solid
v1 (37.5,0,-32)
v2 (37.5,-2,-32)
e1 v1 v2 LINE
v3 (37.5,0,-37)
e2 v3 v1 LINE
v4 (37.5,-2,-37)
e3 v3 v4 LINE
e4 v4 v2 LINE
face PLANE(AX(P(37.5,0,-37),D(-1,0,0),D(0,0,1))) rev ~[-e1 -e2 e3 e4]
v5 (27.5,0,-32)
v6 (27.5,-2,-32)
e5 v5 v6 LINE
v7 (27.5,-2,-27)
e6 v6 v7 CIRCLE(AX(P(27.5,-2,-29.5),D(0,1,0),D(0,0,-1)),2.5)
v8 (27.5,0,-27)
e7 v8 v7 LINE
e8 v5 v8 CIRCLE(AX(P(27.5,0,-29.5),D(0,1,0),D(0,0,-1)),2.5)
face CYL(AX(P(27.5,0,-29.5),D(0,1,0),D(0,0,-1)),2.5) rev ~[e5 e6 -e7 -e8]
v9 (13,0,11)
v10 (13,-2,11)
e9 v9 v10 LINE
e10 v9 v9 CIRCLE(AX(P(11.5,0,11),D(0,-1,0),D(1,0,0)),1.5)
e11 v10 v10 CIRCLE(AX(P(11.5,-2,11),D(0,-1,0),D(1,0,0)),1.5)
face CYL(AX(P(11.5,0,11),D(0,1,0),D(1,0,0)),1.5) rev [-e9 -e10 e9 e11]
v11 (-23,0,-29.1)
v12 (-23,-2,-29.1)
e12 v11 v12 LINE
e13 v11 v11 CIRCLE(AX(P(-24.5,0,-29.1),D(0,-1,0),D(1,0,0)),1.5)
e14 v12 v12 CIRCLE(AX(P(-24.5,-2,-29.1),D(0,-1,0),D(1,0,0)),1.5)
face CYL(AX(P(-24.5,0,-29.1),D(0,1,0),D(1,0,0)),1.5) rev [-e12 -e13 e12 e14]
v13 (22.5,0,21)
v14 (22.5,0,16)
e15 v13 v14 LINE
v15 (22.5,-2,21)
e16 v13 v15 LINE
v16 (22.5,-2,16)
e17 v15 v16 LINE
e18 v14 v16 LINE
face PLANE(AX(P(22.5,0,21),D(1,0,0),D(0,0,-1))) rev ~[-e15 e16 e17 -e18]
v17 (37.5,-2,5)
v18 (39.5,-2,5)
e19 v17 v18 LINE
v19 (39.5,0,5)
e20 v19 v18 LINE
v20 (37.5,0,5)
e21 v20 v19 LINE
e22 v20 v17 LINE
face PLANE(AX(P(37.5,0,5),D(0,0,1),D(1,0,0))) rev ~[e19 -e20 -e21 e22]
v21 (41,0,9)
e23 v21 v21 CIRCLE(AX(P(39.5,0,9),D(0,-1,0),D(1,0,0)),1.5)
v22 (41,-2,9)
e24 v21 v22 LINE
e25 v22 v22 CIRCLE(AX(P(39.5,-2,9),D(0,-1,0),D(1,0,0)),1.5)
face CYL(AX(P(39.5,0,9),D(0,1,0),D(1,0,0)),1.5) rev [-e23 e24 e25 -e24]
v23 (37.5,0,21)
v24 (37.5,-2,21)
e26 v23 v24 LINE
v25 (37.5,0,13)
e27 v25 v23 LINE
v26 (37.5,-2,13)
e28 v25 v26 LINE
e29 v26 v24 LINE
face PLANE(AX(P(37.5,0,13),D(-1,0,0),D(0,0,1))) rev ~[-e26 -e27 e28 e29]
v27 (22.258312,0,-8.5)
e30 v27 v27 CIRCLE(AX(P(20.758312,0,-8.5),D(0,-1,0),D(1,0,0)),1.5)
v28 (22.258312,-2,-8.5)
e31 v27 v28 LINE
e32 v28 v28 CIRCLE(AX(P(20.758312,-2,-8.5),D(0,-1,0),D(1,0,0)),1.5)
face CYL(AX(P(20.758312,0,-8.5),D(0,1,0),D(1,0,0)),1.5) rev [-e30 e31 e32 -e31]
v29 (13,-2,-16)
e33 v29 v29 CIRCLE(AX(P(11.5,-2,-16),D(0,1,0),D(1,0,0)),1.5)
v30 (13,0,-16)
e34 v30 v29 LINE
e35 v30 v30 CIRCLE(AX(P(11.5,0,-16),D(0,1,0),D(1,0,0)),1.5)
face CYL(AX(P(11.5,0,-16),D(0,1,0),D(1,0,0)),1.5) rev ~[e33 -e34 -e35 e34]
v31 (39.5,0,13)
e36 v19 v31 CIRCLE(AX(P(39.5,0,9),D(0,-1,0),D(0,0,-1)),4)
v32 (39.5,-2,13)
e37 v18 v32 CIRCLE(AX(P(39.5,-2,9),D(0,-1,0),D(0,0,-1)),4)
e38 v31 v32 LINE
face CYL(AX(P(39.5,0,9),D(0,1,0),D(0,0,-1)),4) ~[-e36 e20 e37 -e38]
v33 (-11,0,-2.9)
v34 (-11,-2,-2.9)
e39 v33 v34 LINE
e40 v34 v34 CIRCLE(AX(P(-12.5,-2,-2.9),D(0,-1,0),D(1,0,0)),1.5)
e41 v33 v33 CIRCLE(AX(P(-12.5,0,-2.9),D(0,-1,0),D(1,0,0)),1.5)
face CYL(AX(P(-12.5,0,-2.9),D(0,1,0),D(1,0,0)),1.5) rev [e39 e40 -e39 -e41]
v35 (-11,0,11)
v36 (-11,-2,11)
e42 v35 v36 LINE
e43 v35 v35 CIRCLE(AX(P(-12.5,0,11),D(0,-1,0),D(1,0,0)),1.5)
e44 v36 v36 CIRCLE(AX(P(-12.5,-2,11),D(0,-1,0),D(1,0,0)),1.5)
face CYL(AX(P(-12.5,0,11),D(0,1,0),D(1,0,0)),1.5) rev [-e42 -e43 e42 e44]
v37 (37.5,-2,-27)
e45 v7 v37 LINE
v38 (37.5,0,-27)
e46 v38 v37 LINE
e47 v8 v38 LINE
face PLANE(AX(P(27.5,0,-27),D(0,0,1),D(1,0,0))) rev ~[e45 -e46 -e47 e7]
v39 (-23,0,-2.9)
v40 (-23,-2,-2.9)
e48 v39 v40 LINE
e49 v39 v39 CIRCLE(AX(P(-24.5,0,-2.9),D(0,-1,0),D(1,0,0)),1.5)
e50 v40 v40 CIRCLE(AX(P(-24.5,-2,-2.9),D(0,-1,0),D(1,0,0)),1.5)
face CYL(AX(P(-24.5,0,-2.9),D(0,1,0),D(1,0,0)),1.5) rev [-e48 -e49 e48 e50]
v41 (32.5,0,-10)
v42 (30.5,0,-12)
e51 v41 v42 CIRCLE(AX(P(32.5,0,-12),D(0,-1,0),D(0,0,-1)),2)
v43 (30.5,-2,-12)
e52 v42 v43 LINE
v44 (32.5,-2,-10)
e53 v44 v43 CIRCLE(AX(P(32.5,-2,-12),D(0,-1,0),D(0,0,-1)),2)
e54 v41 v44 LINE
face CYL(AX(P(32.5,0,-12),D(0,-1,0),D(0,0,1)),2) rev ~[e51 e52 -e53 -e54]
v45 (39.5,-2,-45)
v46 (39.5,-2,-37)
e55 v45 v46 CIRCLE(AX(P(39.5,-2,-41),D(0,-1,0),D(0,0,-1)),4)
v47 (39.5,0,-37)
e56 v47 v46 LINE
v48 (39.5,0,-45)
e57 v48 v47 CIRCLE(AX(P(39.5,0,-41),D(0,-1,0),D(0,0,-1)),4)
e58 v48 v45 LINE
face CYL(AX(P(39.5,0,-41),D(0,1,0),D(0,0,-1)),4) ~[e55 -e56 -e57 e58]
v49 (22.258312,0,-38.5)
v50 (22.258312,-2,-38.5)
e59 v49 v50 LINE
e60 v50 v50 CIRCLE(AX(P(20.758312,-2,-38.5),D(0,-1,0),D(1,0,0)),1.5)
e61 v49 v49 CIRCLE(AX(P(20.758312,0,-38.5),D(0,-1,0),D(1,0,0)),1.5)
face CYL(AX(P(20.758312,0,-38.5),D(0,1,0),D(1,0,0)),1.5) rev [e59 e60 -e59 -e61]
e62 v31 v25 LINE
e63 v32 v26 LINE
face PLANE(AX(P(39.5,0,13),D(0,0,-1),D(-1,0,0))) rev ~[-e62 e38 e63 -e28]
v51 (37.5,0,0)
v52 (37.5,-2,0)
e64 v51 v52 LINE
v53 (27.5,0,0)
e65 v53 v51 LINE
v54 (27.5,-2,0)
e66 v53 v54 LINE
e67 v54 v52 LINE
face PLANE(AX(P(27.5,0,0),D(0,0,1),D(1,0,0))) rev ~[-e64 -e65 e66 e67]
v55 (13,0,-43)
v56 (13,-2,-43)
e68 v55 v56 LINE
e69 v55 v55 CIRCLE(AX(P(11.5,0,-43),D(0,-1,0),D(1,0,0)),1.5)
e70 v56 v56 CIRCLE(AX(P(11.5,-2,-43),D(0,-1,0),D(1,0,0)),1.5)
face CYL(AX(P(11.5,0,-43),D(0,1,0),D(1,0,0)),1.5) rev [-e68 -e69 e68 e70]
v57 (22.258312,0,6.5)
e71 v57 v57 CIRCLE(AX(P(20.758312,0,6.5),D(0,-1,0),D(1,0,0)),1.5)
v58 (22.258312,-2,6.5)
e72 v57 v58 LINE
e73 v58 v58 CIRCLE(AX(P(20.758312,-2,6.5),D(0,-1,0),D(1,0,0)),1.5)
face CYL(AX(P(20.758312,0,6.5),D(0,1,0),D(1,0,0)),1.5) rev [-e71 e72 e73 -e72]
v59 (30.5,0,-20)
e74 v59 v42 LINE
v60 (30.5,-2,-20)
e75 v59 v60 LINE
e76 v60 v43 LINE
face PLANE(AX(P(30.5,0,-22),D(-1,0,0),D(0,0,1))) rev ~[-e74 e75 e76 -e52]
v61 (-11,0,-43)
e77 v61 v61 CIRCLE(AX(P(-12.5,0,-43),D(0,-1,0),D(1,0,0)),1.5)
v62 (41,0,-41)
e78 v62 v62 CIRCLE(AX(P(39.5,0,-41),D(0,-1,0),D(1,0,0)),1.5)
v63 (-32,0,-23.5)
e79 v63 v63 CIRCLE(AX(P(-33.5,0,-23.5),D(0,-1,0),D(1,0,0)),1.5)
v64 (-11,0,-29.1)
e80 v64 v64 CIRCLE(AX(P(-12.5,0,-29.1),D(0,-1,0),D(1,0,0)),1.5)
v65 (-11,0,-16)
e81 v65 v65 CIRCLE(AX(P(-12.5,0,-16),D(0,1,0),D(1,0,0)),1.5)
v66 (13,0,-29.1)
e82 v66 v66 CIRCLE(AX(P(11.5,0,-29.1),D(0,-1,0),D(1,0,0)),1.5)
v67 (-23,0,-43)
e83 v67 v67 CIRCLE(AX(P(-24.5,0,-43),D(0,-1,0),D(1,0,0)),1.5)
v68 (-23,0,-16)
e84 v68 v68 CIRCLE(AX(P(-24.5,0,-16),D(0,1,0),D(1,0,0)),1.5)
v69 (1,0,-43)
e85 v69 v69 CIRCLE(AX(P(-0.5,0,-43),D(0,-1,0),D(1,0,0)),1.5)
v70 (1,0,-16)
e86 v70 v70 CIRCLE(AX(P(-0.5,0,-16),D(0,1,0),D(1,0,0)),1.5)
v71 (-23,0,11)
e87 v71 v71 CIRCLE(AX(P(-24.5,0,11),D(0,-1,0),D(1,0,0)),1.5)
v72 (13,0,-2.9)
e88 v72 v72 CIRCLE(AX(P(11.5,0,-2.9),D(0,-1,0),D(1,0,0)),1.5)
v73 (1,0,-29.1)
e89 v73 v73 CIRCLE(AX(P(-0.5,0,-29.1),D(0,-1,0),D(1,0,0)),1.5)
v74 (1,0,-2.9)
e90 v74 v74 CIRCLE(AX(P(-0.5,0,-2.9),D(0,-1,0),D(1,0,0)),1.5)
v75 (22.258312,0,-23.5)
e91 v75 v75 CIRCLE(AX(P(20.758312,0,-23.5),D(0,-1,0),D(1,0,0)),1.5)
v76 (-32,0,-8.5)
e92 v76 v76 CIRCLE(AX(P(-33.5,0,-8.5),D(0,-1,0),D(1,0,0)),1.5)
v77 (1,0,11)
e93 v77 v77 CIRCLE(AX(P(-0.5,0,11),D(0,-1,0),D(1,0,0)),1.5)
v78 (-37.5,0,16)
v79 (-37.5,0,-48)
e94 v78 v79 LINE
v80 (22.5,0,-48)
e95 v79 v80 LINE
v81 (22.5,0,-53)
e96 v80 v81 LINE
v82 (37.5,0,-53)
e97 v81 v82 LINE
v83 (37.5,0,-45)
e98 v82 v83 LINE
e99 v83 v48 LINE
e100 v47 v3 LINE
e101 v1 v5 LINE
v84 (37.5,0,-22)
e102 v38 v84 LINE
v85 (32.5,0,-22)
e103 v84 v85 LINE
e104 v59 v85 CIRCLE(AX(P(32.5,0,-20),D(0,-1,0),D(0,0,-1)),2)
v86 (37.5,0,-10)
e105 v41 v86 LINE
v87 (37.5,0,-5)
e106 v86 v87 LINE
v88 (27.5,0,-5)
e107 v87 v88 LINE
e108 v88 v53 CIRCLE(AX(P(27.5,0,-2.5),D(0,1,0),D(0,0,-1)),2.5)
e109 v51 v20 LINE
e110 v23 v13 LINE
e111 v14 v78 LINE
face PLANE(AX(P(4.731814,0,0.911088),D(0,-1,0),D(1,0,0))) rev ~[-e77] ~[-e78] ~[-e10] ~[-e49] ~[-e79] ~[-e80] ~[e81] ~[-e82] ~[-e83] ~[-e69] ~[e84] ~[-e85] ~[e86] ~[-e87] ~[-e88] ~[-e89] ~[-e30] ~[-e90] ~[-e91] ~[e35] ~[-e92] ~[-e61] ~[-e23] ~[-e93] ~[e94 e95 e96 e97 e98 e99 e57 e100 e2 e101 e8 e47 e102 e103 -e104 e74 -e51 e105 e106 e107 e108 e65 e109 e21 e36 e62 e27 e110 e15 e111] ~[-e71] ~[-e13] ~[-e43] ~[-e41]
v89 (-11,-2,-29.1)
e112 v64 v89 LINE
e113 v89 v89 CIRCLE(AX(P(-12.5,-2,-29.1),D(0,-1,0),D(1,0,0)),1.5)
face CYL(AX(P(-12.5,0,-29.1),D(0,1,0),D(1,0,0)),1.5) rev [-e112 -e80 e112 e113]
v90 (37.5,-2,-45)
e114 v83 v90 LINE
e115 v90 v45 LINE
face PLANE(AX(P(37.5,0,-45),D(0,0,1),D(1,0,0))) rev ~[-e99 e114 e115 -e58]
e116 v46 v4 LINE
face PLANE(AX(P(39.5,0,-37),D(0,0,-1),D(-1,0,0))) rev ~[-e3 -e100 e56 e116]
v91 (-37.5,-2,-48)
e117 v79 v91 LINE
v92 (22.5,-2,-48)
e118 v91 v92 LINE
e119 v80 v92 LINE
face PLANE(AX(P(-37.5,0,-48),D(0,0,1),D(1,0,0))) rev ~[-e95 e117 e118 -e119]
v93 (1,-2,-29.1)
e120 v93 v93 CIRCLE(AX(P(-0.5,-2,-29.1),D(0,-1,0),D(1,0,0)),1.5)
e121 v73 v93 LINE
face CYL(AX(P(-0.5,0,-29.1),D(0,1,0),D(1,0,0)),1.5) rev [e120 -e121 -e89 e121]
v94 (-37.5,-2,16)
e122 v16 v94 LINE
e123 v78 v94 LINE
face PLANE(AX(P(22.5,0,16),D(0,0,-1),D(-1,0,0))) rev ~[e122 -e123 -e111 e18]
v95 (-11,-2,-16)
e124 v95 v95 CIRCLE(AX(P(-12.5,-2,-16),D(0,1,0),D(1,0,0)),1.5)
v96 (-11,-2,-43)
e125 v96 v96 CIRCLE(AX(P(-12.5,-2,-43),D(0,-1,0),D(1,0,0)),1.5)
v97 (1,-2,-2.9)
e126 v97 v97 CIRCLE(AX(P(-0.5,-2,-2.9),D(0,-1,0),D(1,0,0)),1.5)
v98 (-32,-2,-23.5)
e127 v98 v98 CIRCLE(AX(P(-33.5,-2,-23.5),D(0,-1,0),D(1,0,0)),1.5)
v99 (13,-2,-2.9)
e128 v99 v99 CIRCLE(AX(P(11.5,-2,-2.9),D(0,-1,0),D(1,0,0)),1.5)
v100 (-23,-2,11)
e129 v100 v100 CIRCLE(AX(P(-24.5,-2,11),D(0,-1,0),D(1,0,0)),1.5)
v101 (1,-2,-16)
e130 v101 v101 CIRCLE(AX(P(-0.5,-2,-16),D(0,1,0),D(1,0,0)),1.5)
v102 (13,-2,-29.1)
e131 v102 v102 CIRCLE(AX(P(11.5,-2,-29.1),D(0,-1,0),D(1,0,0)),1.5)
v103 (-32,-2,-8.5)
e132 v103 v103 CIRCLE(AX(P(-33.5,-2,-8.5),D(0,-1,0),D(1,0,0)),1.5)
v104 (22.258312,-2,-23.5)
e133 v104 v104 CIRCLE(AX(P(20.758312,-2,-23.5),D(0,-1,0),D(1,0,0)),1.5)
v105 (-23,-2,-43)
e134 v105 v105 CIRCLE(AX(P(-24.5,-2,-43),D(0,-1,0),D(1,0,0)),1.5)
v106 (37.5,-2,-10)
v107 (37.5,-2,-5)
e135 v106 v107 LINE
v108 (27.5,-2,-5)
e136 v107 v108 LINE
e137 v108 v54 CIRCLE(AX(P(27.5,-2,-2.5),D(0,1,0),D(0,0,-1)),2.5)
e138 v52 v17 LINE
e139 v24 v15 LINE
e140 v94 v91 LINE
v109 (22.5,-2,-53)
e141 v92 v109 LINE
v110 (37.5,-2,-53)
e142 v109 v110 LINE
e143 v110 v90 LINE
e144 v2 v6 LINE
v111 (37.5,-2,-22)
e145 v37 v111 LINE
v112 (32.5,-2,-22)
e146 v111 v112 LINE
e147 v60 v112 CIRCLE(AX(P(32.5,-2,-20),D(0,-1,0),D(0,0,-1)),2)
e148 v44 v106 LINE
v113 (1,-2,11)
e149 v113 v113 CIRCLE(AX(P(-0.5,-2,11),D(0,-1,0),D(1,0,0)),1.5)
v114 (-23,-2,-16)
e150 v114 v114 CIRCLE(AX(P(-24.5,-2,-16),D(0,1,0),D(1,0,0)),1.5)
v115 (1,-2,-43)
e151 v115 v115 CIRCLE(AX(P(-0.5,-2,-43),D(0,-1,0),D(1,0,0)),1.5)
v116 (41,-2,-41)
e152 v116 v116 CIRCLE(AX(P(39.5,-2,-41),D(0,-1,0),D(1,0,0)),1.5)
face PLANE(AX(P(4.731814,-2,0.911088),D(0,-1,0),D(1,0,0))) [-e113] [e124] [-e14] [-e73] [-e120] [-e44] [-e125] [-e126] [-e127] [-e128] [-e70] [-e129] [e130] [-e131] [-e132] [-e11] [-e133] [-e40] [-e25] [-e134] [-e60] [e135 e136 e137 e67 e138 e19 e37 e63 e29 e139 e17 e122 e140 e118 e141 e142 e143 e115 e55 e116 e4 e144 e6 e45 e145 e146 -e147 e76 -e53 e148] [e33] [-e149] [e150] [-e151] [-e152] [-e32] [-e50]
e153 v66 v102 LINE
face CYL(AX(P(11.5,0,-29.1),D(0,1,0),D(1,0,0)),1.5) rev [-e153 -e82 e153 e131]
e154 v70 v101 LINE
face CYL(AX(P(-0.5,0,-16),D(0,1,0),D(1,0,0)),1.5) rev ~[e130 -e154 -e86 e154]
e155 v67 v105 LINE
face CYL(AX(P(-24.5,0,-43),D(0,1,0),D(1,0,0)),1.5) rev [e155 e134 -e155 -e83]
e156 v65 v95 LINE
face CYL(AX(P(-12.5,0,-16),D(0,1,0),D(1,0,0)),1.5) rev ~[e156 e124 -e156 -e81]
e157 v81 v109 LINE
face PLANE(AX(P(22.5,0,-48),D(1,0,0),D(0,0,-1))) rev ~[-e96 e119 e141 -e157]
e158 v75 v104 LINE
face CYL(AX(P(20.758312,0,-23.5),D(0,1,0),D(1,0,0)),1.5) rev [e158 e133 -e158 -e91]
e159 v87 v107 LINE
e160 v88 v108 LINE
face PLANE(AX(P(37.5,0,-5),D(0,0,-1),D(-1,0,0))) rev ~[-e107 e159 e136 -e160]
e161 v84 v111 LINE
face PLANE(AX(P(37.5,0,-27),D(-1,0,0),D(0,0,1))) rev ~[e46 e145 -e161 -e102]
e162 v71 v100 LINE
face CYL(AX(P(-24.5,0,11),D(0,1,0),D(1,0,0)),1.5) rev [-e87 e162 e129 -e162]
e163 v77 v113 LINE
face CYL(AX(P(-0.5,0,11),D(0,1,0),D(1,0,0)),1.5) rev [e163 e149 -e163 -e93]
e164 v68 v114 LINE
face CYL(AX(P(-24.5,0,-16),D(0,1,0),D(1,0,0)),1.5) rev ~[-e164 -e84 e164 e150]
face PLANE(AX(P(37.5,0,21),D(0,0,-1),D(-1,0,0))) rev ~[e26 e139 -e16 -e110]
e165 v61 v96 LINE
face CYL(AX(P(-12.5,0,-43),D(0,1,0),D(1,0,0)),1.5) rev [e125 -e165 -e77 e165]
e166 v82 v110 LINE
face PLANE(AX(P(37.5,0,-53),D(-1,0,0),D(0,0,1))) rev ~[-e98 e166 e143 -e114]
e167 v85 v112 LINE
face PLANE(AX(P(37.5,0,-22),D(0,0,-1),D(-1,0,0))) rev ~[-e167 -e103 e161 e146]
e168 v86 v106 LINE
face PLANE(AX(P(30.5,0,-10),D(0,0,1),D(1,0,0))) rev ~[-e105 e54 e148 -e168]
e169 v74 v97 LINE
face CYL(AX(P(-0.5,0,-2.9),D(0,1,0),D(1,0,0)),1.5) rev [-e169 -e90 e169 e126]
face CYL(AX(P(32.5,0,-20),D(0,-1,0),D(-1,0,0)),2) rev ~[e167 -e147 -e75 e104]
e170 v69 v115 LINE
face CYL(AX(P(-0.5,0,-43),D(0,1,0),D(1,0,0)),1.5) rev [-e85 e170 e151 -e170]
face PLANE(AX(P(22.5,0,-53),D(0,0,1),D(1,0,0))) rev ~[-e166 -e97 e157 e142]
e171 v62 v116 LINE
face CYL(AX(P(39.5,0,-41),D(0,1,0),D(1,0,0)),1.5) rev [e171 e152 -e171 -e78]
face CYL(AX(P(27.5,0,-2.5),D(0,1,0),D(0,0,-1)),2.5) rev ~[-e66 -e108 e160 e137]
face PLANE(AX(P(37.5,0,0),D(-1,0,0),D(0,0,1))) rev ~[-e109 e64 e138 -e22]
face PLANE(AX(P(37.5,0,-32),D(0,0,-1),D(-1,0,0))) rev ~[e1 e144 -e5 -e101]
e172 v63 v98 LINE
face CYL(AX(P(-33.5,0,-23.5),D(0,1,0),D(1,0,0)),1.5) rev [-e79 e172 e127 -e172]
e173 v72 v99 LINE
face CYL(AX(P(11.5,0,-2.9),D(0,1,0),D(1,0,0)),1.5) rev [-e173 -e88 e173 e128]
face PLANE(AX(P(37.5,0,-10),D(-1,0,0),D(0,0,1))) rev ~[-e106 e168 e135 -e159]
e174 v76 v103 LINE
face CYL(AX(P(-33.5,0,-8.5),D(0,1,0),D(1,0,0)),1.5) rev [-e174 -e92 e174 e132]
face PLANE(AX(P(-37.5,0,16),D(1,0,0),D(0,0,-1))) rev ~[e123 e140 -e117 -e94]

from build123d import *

# Parameters (mm, degrees)
F0_R     = 1.5
F1_DEPTH = 2
F2_R     = 2


with BuildPart() as f1:
    # F0 (on Front) → F1 (new body)
    with BuildSketch(Plane.XZ):
        with BuildLine():
            Line((22.5, 16), (-37.5, 16))
            Line((-37.5, 16), (-37.5, -16))
            Line((-37.5, -16), (-26, -16))
            ThreePointArc((-26, -16), (-24.5, -14.5), (-23, -16))
            Line((-23, -16), (-14, -16))
            ThreePointArc((-14, -16), (-12.5, -14.5), (-11, -16))
            Line((-11, -16), (-2, -16))
            ThreePointArc((-2, -16), (-0.5, -14.5), (1, -16))
            Line((1, -16), (10, -16))
            ThreePointArc((10, -16), (11.5, -14.5), (13, -16))
            Line((13, -16), (30.5, -16))
            Line((30.5, -16), (30.5, -10))
            Line((30.5, -10), (37.5, -10))
            Line((37.5, -10), (37.5, -5))
            Line((37.5, -5), (27.5, -5))
            ThreePointArc((27.5, -5), (25, -2.5), (27.5, 0))
            Line((27.5, 0), (37.5, 0))
            Line((37.5, 0), (37.5, 5))
            Line((37.5, 5), (39.5, 5))
            ThreePointArc((39.5, 5), (43.5, 9), (39.5, 13))
            Line((39.5, 13), (37.5, 13))
            Line((37.5, 13), (37.5, 16))
            Line((37.5, 16), (37.5, 21))
            Line((37.5, 21), (22.5, 21))
            Line((22.5, 21), (22.5, 16))
        make_face()
        with Locations((-33.5, -8.5)):
            Circle(F0_R, mode=Mode.SUBTRACT)
        with Locations((-24.5, -2.9)):
            Circle(F0_R, mode=Mode.SUBTRACT)
        with Locations((-12.5, -2.9)):
            Circle(F0_R, mode=Mode.SUBTRACT)
        with Locations((-0.5, -2.9)):
            Circle(F0_R, mode=Mode.SUBTRACT)
        with Locations((-24.5, 11)):
            Circle(F0_R, mode=Mode.SUBTRACT)
        with Locations((-12.5, 11)):
            Circle(F0_R, mode=Mode.SUBTRACT)
        with Locations((-0.5, 11)):
            Circle(F0_R, mode=Mode.SUBTRACT)
        with Locations((20.758312, -8.5)):
            Circle(F0_R, mode=Mode.SUBTRACT)
        with Locations((11.5, -2.9)):
            Circle(F0_R, mode=Mode.SUBTRACT)
        with Locations((11.5, 11)):
            Circle(F0_R, mode=Mode.SUBTRACT)
        with Locations((20.758312, 6.5)):
            Circle(F0_R, mode=Mode.SUBTRACT)
        with Locations((39.5, 9)):
            Circle(F0_R, mode=Mode.SUBTRACT)
        with BuildLine():
            Line((-26, -16), (-37.5, -16))
            Line((-37.5, -16), (-37.5, -48))
            Line((-37.5, -48), (22.5, -48))
            Line((22.5, -48), (22.5, -53))
            Line((22.5, -53), (37.5, -53))
            Line((37.5, -53), (37.5, -48))
            Line((37.5, -48), (37.5, -45))
            Line((37.5, -45), (39.5, -45))
            ThreePointArc((39.5, -45), (43.5, -41), (39.5, -37))
            Line((39.5, -37), (37.5, -37))
            Line((37.5, -37), (37.5, -32))
            Line((37.5, -32), (27.5, -32))
            ThreePointArc((27.5, -32), (25, -29.5), (27.5, -27))
            Line((27.5, -27), (37.5, -27))
            Line((37.5, -27), (37.5, -22))
            Line((37.5, -22), (30.5, -22))
            Line((30.5, -22), (30.5, -16))
            Line((30.5, -16), (13, -16))
            ThreePointArc((13, -16), (11.5, -17.5), (10, -16))
            Line((10, -16), (1, -16))
            ThreePointArc((1, -16), (-0.5, -17.5), (-2, -16))
            Line((-2, -16), (-11, -16))
            ThreePointArc((-11, -16), (-12.5, -17.5), (-14, -16))
            Line((-14, -16), (-23, -16))
            ThreePointArc((-23, -16), (-24.5, -17.5), (-26, -16))
        make_face()
        with Locations((-24.5, -43)):
            Circle(F0_R, mode=Mode.SUBTRACT)
        with Locations((-12.5, -43)):
            Circle(F0_R, mode=Mode.SUBTRACT)
        with Locations((-0.5, -43)):
            Circle(F0_R, mode=Mode.SUBTRACT)
        with Locations((-24.5, -29.1)):
            Circle(F0_R, mode=Mode.SUBTRACT)
        with Locations((-33.5, -23.5)):
            Circle(F0_R, mode=Mode.SUBTRACT)
        with Locations((-12.5, -29.1)):
            Circle(F0_R, mode=Mode.SUBTRACT)
        with Locations((-0.5, -29.1)):
            Circle(F0_R, mode=Mode.SUBTRACT)
        with Locations((11.5, -43)):
            Circle(F0_R, mode=Mode.SUBTRACT)
        with Locations((20.758312, -38.5)):
            Circle(F0_R, mode=Mode.SUBTRACT)
        with Locations((39.5, -41)):
            Circle(F0_R, mode=Mode.SUBTRACT)
        with Locations((11.5, -29.1)):
            Circle(F0_R, mode=Mode.SUBTRACT)
        with Locations((20.758312, -23.5)):
            Circle(F0_R, mode=Mode.SUBTRACT)
    extrude(amount=F1_DEPTH)

    # F2
    f2_edges = [f1.edges().sort_by_distance(p)[0] for p in [
        (30.5, -1, -22),
        (30.5, -1, -10),
    ]]
    fillet(f2_edges, radius=F2_R)


solid = f1.part
